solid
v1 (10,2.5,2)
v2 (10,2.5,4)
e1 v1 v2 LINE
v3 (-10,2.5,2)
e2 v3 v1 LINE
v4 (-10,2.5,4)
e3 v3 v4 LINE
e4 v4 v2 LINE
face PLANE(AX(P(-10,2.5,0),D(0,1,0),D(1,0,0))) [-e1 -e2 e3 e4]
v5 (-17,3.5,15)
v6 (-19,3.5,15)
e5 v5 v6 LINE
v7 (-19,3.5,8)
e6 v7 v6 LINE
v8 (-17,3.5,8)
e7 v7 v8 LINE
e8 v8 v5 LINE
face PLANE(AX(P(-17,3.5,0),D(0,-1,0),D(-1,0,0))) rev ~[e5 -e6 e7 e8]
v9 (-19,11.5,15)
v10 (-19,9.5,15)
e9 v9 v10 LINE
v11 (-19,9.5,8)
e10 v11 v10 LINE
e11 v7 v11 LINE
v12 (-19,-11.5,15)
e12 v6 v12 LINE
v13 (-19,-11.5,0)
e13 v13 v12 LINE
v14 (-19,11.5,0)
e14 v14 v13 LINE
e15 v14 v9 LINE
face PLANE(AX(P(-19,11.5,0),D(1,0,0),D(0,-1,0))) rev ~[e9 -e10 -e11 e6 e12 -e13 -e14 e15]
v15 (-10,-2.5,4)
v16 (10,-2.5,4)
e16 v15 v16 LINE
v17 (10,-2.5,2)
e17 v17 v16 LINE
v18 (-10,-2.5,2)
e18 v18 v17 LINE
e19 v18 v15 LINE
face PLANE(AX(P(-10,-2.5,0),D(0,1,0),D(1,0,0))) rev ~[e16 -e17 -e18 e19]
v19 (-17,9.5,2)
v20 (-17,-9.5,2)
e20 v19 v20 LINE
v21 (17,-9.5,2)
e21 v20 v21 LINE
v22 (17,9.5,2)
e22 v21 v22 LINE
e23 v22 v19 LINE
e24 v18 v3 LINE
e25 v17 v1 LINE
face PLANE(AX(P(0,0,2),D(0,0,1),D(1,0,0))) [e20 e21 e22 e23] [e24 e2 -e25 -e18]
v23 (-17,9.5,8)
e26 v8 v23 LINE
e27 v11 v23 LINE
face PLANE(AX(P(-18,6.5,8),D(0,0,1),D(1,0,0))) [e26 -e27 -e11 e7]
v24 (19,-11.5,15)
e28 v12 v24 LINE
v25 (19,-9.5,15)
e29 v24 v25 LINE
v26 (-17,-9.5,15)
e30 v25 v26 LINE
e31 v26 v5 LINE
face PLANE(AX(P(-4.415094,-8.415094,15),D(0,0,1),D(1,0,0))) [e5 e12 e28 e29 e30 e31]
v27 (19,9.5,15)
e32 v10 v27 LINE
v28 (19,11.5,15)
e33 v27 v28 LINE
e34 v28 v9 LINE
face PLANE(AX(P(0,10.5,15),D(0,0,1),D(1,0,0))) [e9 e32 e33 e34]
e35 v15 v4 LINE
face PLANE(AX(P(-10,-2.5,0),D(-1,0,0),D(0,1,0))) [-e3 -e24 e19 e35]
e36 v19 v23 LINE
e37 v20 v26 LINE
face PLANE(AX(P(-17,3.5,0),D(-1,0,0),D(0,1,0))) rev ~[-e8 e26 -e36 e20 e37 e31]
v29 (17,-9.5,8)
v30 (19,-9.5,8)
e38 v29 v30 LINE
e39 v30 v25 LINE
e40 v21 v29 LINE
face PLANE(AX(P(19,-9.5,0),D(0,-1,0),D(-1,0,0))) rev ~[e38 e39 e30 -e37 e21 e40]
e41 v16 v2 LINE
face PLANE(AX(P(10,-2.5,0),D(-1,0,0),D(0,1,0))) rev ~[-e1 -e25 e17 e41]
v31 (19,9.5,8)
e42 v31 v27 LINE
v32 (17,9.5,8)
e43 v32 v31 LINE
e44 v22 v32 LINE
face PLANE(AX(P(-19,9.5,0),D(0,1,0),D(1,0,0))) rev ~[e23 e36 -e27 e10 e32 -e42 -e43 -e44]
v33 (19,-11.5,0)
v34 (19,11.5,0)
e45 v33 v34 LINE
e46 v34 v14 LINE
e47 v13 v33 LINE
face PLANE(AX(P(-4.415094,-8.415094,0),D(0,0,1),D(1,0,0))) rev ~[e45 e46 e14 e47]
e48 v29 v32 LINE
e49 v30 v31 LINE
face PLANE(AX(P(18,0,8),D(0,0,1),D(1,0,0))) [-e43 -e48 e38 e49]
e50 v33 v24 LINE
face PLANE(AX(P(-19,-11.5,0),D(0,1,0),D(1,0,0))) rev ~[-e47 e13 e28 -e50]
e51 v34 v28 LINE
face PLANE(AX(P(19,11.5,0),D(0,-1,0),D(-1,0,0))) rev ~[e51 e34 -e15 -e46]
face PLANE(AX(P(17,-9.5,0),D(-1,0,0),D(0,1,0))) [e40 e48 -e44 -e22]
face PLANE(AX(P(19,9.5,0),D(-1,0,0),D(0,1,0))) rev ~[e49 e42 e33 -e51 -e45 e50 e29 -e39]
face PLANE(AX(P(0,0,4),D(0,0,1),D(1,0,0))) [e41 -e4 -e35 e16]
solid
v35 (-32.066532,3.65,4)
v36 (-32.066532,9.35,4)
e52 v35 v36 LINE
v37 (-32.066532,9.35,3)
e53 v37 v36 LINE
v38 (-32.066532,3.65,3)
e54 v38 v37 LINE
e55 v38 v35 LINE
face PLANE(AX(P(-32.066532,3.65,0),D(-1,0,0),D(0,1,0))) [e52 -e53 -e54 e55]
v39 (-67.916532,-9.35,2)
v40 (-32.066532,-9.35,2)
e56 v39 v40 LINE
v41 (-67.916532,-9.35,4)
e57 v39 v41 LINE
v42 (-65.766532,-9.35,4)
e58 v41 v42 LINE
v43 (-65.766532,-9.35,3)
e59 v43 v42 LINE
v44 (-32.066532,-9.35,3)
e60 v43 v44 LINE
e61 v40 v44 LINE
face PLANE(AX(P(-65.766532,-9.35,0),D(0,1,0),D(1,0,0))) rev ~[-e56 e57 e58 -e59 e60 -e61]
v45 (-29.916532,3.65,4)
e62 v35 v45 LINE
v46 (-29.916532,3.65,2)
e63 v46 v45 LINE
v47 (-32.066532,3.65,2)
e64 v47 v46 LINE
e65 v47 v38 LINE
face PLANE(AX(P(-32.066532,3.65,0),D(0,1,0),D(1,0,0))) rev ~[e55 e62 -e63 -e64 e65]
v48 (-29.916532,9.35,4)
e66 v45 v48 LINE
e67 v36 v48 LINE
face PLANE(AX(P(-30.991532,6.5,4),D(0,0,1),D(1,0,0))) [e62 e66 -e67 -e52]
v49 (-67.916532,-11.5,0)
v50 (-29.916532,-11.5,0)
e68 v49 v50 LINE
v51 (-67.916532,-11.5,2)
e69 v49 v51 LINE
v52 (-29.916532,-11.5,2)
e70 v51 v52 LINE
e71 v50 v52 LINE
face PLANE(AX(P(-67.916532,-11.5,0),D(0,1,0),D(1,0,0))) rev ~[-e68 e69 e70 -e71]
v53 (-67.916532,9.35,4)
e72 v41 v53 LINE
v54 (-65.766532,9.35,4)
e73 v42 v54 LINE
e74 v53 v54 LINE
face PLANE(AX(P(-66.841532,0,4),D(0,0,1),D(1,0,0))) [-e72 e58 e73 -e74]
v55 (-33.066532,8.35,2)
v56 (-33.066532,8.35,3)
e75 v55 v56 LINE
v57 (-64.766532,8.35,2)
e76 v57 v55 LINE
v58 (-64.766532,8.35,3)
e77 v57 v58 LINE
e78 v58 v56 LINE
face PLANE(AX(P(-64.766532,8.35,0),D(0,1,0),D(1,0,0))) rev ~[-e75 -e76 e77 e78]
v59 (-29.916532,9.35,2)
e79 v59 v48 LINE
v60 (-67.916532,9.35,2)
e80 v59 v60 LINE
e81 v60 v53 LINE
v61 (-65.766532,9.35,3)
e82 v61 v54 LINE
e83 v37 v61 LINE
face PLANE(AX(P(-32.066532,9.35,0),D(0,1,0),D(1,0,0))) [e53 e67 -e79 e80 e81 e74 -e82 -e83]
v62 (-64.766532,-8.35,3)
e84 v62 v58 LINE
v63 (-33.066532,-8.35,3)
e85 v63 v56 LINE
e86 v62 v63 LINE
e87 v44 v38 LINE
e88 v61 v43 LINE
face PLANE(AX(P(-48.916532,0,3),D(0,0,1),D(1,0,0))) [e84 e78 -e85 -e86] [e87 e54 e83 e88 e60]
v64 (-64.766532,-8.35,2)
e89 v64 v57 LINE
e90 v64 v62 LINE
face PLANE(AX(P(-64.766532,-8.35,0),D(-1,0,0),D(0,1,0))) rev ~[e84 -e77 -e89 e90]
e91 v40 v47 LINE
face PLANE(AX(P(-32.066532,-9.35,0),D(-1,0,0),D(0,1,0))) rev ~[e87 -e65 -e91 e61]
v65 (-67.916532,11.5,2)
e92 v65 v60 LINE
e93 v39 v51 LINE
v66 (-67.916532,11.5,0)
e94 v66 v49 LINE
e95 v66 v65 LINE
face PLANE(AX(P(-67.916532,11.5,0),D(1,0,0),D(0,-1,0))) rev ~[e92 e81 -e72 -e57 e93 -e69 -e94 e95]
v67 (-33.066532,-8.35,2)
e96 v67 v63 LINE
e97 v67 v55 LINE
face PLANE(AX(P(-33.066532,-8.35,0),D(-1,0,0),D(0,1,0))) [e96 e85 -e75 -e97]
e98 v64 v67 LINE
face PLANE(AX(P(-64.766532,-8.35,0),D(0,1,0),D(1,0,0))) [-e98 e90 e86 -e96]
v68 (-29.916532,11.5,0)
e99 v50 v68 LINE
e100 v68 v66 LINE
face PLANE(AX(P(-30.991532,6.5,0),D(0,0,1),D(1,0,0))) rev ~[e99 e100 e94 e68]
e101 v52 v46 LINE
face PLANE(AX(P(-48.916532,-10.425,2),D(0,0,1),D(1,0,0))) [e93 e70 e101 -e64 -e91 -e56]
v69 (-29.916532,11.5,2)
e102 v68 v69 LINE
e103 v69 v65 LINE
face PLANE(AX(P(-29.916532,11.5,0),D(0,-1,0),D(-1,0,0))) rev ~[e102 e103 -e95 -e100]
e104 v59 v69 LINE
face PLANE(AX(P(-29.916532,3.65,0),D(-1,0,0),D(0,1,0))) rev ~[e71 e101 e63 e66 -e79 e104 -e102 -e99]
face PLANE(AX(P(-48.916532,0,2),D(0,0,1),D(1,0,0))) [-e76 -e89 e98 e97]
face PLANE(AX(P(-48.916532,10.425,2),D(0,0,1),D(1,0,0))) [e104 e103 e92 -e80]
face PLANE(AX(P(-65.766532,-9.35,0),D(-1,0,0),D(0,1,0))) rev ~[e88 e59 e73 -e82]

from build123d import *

# Parameters (mm, degrees)
F0_W     = 20
F0_H     = 5
F1_DEPTH = 2
F2_DEPTH = 4
F3_DEPTH = 15
F0_W_2   = 2
F0_H_2   = 19
F0_H_3   = 6
F4_DEPTH = 8
F5_W     = 2.15
F5_H     = 13
F5_W_2   = 31.7
F5_H_2   = 16.7
F6_DEPTH = 2
F7_DEPTH = 3
F5_H_3   = 5.7
F5_H_4   = 18.7
F8_DEPTH = 4


with BuildPart() as f1:
    # F0 (on Top) → F1 (new body)
    with BuildSketch(Plane.XY):
        Polygon((-17, -9.5), (17, -9.5), (17, 9.5), (-17, 9.5), (-17, 3.5), align=None)
        Rectangle(F0_W, F0_H, mode=Mode.SUBTRACT)
    extrude(amount=F1_DEPTH)

    # F0 (on Top) → F2 (join)
    with BuildSketch(Plane.XY):
        Rectangle(F0_W, F0_H)
    extrude(amount=F2_DEPTH)

    # F0 (on Top) → F3 (join)
    with BuildSketch(Plane.XY):
        Polygon((19, -9.5), (17, -9.5), (-17, -9.5), (-17, 3.5), (-19, 3.5), (-19, -11.5), (19, -11.5), align=None)
        Polygon((-17, 9.5), (17, 9.5), (19, 9.5), (19, 11.5), (-19, 11.5), (-19, 9.5), align=None)
    extrude(amount=F3_DEPTH)

    # F0 (on Top) → F4 (join)
    with BuildSketch(Plane.XY):
        with Locations((18, 0)):
            Rectangle(F0_W_2, F0_H_2)
        with Locations((-18, 6.5)):
            Rectangle(F0_W_2, F0_H_3)
    extrude(amount=F4_DEPTH)


with BuildPart() as f6:
    # F5 (on Top) → F6 (new body)
    with BuildSketch(Plane.XY):
        Polygon((-67.916532, 9.35), (-65.766532, 9.35), (-32.066532, 9.35), (-29.916532, 9.35), (-29.916532, 11.5), (-67.916532, 11.5), align=None)
        Polygon((-29.916532, -9.35), (-32.066532, -9.35), (-65.766532, -9.35), (-67.916532, -9.35), (-67.916532, -11.5), (-29.916532, -11.5), align=None)
        with Locations((-30.991532, -2.85)):
            Rectangle(F5_W, F5_H)
        with Locations((-48.916532, 0)):
            Rectangle(F5_W_2, F5_H_2)
    extrude(amount=F6_DEPTH)

    # F5 (on Top) → F7 (join)
    with BuildSketch(Plane.XY):
        Polygon((-65.766532, -9.35), (-32.066532, -9.35), (-32.066532, 3.65), (-32.066532, 9.35), (-65.766532, 9.35), align=None)
        with Locations((-48.916532, 0)):
            Rectangle(F5_W_2, F5_H_2, mode=Mode.SUBTRACT)
    extrude(amount=F7_DEPTH)

    # F5 (on Top) → F8 (join)
    with BuildSketch(Plane.XY):
        with Locations((-30.991532, 6.5)):
            Rectangle(F5_W, F5_H_3)
        with Locations((-66.841532, 0)):
            Rectangle(F5_W, F5_H_4)
    extrude(amount=F8_DEPTH)


solid = Compound([f1.part, f6.part])
